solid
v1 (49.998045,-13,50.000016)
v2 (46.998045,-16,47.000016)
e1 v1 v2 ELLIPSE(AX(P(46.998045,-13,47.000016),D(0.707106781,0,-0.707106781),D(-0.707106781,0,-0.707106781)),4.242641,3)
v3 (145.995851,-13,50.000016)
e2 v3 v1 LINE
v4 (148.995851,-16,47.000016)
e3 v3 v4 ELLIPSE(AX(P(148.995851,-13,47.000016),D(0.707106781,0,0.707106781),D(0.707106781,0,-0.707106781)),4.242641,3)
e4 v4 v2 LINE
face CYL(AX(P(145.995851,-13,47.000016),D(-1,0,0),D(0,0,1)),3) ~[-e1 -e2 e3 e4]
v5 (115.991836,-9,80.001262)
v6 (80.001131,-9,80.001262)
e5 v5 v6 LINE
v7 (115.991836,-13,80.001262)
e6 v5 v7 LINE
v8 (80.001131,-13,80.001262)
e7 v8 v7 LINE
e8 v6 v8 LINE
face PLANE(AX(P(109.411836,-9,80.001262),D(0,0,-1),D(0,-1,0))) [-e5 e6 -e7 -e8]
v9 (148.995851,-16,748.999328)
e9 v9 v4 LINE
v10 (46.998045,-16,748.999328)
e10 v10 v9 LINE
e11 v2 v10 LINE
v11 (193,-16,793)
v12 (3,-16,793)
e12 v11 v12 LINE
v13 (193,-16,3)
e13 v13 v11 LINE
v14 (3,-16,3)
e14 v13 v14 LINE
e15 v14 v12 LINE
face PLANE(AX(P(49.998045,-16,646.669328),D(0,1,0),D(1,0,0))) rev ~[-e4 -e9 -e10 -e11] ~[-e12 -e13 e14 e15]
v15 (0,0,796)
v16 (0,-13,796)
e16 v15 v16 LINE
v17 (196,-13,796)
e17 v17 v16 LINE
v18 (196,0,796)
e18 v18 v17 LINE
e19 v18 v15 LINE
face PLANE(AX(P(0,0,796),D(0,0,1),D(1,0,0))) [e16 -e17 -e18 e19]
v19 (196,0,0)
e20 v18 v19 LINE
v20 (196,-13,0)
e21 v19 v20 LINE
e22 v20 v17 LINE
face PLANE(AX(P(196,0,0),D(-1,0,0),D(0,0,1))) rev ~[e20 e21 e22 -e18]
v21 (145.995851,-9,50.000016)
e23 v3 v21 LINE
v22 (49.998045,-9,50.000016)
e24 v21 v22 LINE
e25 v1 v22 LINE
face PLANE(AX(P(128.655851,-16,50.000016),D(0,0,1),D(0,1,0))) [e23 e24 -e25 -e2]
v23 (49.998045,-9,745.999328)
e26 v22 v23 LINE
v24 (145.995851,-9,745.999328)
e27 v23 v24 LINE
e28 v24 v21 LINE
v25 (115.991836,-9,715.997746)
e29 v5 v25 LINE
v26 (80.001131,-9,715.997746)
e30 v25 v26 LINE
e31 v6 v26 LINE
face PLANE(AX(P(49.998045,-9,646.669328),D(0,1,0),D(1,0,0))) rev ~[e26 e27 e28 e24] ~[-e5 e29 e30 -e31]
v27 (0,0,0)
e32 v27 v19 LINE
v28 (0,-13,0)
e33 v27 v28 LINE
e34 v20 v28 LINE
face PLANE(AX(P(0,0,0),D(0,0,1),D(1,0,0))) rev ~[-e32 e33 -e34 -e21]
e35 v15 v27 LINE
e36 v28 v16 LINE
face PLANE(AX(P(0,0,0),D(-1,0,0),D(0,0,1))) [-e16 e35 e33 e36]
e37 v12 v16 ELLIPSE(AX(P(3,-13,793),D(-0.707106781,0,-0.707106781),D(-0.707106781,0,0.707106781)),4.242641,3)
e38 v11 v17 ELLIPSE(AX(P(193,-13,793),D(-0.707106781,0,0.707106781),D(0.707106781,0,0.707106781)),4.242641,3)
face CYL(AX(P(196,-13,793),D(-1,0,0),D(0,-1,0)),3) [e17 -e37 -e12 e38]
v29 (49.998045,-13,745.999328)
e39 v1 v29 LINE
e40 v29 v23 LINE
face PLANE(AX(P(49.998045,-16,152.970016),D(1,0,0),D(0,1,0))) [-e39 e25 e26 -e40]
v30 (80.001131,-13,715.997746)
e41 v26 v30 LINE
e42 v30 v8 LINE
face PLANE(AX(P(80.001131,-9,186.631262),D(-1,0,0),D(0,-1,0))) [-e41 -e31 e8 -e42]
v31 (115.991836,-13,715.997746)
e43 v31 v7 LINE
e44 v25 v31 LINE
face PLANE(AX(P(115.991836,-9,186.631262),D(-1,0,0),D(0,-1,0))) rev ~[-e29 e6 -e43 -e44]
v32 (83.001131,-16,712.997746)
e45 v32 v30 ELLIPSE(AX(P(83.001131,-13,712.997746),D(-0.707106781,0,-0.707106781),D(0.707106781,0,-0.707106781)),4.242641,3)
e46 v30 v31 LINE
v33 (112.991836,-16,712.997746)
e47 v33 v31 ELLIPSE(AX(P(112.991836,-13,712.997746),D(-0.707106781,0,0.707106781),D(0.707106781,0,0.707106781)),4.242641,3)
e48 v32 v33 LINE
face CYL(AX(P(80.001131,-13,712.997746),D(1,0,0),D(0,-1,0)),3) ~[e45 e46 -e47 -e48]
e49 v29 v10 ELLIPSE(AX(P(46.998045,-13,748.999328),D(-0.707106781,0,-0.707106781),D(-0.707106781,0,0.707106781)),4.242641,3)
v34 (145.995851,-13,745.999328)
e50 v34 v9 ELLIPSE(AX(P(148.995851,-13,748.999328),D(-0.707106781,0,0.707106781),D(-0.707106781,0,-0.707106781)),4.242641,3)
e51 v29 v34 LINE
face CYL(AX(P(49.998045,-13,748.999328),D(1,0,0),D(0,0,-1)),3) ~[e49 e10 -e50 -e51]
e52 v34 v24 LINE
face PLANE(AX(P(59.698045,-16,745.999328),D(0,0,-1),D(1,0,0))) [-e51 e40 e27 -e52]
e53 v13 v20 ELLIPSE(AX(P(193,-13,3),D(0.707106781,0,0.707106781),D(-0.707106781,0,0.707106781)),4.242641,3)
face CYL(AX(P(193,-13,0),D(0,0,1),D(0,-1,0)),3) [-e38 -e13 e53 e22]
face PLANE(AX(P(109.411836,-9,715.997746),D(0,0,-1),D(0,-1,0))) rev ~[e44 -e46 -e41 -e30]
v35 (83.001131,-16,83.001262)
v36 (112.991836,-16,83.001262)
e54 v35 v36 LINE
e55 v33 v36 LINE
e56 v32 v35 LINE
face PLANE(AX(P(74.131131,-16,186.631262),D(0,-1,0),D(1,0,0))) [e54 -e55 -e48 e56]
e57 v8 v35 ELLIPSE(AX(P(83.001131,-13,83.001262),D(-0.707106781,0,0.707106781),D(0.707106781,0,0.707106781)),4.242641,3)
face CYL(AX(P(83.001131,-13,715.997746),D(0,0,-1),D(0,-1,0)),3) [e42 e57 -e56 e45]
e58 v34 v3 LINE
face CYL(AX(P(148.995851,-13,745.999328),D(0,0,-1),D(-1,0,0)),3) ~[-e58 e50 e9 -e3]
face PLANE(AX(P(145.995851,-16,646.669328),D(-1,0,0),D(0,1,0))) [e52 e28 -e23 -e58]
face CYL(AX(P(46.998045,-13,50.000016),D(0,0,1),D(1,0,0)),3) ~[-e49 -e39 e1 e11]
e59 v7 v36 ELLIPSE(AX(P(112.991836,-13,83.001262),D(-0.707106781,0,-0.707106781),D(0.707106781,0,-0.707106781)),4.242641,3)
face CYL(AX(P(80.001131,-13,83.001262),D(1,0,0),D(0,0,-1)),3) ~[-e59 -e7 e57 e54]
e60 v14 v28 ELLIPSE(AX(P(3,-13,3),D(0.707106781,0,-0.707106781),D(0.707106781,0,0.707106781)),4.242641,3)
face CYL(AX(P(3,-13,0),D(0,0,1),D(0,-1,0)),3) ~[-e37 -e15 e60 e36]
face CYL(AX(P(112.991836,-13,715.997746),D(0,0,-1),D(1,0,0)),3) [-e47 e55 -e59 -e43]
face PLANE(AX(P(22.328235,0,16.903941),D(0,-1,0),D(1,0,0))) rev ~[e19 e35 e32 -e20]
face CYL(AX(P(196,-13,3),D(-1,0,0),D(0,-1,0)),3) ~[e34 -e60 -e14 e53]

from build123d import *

# Parameters (mm, degrees)
F0_W      = 44.656470418
F0_H      = 33.8078811765
F1_DEPTH  = 16
F2_DEPTH  = 796
F3_DEPTH  = 196
F4_W      = 68.9578056335
F4_H      = 493.6993122101
F5_DEPTH  = 7
F6_DEPTH  = 9.7
F7_DEPTH  = 99.33
F8_DEPTH  = 99.33
F9_DEPTH  = 17.34
F10_DEPTH = 102.97
F11_W     = 35.2807044983
F11_H     = 492.0964837074
F12_DEPTH = 7
F13_DEPTH = 37.27
F14_DEPTH = 6.58
F15_DEPTH = 106.63
F16_DEPTH = 5.87
F17_R     = 3


with BuildPart() as f1:
    # F0 (on Front) → F1 (new body)
    with BuildSketch(Plane.XZ):
        with Locations((22.328235209, 16.9039405882)):
            Rectangle(F0_W, F0_H)
    extrude(amount=F1_DEPTH)

    # F2 (add): a face of the model
    f2_faces = [f1.faces().sort_by_distance(p)[0] for p in [
        (22.328235209, -8, 0),
    ]]
    extrude(f2_faces, amount=-F2_DEPTH)

    # F3 (add): a face of the model
    f3_faces = [f1.faces().sort_by_distance(p)[0] for p in [
        (0, -8, 398),
    ]]
    extrude(f3_faces, amount=-F3_DEPTH)

    # F4 (on face) → F5 (cut)
    with BuildSketch(Plane.XZ.offset(16)):
        with Locations((94.1769480705, 399.8196721077)):
            Rectangle(F4_W, F4_H)
    extrude(amount=-F5_DEPTH, mode=Mode.SUBTRACT)

    # F6 (cut): a face of the model
    f6_faces = [f1.faces().sort_by_distance(p)[0] for p in [
        (59.6980452538, -12.5, 399.8196721077),
    ]]
    extrude(f6_faces, amount=-F6_DEPTH, mode=Mode.SUBTRACT)

    # F7 (add): a face of the model
    f7_faces = [f1.faces().sort_by_distance(p)[0] for p in [
        (89.3269480705, -12.5, 646.6693282127),
    ]]
    extrude(f7_faces, amount=-F7_DEPTH)

    # F8 (cut): a face of the model
    f8_faces = [f1.faces().sort_by_distance(p)[0] for p in [
        (89.3269480705, -12.5, 646.6693282127),
    ]]
    extrude(f8_faces, amount=-F8_DEPTH, mode=Mode.SUBTRACT)

    # F9 (cut): a face of the model
    f9_faces = [f1.faces().sort_by_distance(p)[0] for p in [
        (128.6558508873, -12.5, 449.4846721077),
    ]]
    extrude(f9_faces, amount=-F9_DEPTH, mode=Mode.SUBTRACT)

    # F10 (cut): a face of the model
    f10_faces = [f1.faces().sort_by_distance(p)[0] for p in [
        (97.9969480705, -12.5, 152.9700160027),
    ]]
    extrude(f10_faces, amount=-F10_DEPTH, mode=Mode.SUBTRACT)

    # F11 (on face) → F12 (join)
    with BuildSketch(Plane.XZ.offset(9)):
        with Locations((91.7714834213, 432.6795041561)):
            Rectangle(F11_W, F11_H)
    extrude(amount=F12_DEPTH)

    # F13 (add): a face of the model
    f13_faces = [f1.faces().sort_by_distance(p)[0] for p in [
        (91.7714834213, -12.5, 678.7277460098),
    ]]
    extrude(f13_faces, amount=F13_DEPTH)

    # F14 (add): a face of the model
    f14_faces = [f1.faces().sort_by_distance(p)[0] for p in [
        (109.4118356705, -12.5, 451.3145041561),
    ]]
    extrude(f14_faces, amount=F14_DEPTH)

    # F15 (add): a face of the model
    f15_faces = [f1.faces().sort_by_distance(p)[0] for p in [
        (95.0614834213, -12.5, 186.6312623024),
    ]]
    extrude(f15_faces, amount=F15_DEPTH)

    # F16 (cut): a face of the model
    f16_faces = [f1.faces().sort_by_distance(p)[0] for p in [
        (74.1311311722, -12.5, 397.9995041561),
    ]]
    extrude(f16_faces, amount=-F16_DEPTH, mode=Mode.SUBTRACT)

    # F17
    f17_edges = [f1.edges().sort_by_distance(p)[0] for p in [
        (0, -16, 398),
        (98, -16, 0),
        (196, -16, 398),
        (98, -16, 796),
        (145.995851, -16, 397.999672),
        (97.996948, -16, 50.000016),
        (49.998045, -16, 397.999672),
        (97.996948, -16, 745.999328),
        (97.996483, -16, 715.997746),
        (115.991836, -16, 397.999504),
        (97.996483, -16, 80.001262),
        (80.001131, -16, 397.999504),
    ]]
    fillet(f17_edges, radius=F17_R)


solid = f1.part
